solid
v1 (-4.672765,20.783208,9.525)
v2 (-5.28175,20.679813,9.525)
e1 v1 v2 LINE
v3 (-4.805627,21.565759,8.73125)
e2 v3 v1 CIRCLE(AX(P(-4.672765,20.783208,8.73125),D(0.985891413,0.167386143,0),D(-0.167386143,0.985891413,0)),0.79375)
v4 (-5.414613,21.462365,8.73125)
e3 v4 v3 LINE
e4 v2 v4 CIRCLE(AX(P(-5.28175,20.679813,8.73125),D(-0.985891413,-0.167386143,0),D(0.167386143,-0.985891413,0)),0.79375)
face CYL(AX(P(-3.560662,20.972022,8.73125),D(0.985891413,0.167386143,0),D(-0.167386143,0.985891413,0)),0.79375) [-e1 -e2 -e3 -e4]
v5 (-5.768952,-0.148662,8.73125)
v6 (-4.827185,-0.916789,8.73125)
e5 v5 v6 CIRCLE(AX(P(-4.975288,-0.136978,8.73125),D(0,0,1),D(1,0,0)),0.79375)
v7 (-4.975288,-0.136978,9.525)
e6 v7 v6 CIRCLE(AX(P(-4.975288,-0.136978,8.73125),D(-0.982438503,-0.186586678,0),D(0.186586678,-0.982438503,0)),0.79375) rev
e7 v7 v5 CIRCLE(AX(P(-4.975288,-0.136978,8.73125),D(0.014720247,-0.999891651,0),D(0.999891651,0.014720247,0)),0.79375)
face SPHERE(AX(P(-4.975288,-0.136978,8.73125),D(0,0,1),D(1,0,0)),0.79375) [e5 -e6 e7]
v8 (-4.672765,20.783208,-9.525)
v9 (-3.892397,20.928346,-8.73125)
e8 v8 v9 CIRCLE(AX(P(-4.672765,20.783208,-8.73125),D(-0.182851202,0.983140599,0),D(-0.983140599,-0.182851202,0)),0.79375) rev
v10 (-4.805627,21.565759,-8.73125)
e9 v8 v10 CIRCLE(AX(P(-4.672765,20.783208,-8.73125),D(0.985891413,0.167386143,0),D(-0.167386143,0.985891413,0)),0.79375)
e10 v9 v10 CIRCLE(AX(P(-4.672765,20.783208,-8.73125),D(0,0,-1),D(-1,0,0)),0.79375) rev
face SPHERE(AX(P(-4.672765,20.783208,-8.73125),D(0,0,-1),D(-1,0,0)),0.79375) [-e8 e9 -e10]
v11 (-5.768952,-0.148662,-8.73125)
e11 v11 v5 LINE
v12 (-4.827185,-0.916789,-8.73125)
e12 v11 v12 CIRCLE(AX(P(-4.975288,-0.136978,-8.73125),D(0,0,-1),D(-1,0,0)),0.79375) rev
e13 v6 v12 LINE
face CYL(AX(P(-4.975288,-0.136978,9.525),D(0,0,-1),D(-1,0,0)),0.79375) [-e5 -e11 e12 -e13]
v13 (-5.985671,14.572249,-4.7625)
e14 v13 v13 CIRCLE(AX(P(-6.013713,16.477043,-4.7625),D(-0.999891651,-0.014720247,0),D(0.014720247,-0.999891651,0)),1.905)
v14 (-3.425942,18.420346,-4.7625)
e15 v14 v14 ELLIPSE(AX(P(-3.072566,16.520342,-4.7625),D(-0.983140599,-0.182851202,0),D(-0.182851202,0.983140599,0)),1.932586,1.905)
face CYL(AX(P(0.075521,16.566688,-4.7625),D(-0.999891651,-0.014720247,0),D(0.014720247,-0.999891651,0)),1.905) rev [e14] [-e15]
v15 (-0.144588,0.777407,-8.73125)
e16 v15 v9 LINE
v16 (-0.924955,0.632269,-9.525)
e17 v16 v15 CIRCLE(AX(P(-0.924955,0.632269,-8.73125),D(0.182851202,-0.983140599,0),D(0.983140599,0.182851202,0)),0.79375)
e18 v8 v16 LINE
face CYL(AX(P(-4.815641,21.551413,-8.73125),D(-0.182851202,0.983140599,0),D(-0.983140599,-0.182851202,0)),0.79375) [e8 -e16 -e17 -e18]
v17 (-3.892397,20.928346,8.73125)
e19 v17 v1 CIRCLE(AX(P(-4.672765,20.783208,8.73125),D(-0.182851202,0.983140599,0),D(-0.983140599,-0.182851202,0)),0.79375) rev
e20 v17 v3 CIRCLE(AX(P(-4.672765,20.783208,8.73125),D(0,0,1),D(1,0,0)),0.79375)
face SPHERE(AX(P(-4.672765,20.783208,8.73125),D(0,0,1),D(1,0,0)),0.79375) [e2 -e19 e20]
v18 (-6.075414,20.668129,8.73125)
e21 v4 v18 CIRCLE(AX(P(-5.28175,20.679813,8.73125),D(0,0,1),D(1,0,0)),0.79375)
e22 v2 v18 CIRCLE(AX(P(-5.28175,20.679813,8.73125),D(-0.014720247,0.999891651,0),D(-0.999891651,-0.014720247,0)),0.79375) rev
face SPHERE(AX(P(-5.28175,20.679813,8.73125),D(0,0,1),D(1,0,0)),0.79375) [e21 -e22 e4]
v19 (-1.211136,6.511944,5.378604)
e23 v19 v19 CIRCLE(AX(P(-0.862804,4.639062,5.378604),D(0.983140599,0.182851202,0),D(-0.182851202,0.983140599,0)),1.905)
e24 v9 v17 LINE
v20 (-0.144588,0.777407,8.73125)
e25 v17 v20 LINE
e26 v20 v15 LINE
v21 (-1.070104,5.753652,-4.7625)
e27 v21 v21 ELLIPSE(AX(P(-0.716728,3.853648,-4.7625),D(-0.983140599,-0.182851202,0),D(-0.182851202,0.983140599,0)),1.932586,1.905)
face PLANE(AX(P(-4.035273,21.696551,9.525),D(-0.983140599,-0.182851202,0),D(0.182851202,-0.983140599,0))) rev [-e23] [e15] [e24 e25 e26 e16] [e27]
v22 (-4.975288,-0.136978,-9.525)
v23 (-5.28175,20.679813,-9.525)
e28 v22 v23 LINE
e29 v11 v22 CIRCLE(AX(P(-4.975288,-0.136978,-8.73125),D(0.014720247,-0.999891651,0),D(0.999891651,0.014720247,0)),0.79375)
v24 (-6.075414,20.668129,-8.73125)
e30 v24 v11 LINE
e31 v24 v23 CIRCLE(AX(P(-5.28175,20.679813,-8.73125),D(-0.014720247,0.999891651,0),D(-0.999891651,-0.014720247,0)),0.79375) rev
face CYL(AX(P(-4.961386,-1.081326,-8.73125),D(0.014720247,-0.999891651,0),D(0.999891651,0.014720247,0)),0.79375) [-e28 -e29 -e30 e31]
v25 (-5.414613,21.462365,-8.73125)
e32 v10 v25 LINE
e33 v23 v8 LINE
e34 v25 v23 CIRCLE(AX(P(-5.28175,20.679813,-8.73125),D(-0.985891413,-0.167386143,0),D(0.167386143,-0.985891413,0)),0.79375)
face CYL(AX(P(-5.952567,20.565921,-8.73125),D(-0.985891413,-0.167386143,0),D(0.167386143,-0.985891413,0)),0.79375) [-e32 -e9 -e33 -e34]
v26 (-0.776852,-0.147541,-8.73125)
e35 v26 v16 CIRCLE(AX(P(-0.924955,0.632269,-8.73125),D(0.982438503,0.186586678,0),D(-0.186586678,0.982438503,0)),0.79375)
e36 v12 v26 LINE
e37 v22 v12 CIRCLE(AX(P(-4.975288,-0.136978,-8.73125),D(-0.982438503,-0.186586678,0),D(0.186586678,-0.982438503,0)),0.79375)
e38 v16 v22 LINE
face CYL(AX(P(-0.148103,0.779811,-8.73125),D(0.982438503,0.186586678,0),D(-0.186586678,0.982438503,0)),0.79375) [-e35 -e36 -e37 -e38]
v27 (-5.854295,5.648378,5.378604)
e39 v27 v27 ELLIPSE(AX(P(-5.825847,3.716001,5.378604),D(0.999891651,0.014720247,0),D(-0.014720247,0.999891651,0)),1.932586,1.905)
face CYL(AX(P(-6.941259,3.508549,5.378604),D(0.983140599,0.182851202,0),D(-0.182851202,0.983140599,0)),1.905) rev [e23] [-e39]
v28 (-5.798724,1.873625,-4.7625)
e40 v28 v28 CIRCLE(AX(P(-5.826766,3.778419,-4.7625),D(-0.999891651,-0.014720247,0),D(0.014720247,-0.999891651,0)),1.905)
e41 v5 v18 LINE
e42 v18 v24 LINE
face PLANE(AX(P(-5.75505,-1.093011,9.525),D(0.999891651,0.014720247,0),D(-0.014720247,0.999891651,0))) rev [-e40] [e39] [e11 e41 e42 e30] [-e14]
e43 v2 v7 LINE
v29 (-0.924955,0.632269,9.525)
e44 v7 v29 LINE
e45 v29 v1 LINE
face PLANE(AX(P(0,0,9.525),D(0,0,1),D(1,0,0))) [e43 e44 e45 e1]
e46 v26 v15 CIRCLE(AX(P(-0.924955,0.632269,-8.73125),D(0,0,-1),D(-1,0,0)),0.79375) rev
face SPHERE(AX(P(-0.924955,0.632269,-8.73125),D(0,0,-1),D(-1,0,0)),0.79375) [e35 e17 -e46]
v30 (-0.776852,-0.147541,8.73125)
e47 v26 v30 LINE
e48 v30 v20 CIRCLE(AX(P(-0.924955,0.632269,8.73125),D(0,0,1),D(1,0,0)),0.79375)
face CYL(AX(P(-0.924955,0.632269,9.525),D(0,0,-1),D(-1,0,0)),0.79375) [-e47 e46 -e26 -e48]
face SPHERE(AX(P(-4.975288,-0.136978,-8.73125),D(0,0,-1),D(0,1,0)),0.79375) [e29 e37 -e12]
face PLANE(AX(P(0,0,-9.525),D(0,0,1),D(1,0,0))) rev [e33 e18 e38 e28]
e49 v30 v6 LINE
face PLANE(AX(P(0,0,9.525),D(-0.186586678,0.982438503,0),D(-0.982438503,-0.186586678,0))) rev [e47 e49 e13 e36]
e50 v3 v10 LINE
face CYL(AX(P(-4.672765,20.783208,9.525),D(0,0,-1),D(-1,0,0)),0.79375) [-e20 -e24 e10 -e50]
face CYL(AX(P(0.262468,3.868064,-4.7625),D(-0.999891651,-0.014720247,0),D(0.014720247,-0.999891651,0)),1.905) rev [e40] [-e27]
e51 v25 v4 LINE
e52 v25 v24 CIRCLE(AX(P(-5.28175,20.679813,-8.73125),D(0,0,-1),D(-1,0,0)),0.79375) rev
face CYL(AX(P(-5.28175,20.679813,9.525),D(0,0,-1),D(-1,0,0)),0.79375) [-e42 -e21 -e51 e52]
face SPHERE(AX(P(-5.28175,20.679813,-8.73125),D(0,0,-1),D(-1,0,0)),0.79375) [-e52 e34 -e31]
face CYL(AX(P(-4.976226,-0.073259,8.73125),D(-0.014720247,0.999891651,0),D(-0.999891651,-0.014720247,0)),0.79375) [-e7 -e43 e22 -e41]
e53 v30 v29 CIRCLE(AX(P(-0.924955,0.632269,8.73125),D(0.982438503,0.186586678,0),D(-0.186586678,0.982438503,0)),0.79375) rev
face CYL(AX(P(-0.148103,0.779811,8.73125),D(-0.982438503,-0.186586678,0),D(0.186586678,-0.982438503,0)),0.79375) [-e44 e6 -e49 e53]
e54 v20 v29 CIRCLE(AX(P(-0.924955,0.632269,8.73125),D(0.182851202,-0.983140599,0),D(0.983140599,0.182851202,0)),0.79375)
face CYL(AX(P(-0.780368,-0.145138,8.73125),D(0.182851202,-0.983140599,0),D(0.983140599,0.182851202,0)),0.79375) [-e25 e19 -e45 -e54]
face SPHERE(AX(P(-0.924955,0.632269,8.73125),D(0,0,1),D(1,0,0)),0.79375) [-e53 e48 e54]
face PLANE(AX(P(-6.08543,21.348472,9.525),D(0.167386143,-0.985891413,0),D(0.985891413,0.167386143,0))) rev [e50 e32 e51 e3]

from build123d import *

# Parameters (mm, degrees)
BOSS_EXTRUDE1_DEPTH = 9.525
SKETCH6_R           = 1.905
CUT_EXTRUDE2_DEPTH  = 25.46325319
SKETCH7_R           = 1.905
CUT_EXTRUDE3_DEPTH  = 25.464227008
FILLET1_R           = 0.79375


with BuildPart() as part:
    # Sketch1 → Boss-Extrude1 (new, symmetric)
    with BuildSketch(Plane.XY):
        Polygon((-5.755049727, -1.093010514), (-6.085429683, 21.348472195), (-4.035272706, 21.696550963), (0, 0), align=None)
    extrude(amount=BOSS_EXTRUDE1_DEPTH, both=True)

    # Sketch6 → Cut-Extrude2 (cut, through all)
    with BuildSketch(Plane(origin=(-5.769890331, -0.084943412, 0), x_dir=(0, 0, 1), z_dir=(-0.9998916512998705, -0.014720246628988168, 0))):
        with Locations(Location((-4.7625, 3.863780902, 0), (0, 0, 270))):
            Circle(SKETCH6_R)
        with Locations(Location((-4.7625, 16.563780902, 0), (0, 0, 270))):
            Circle(SKETCH6_R)
    extrude(amount=-CUT_EXTRUDE2_DEPTH, mode=Mode.SUBTRACT)

    # Sketch7 → Cut-Extrude3 (cut, through all)
    with BuildSketch(Plane(origin=(0, 0, 0), x_dir=(0, 0, -1), z_dir=(0.9831405992384419, 0.18285120215376635, 0))):
        with Locations(Location((-5.378603812, 4.71861458, 0), (0, 0, 90))):
            Circle(SKETCH7_R)
    extrude(amount=-CUT_EXTRUDE3_DEPTH, mode=Mode.SUBTRACT)

    # Fillet1
    fillet1_edges = [part.edges().sort_by_distance(p)[0] for p in [
        (-5.060351194, 21.522511579, 9.525),
        (-5.920239705, 10.12773084, 9.525),
        (-2.877524863, -0.546505257, 9.525),
        (-5.920239705, 10.12773084, -9.525),
        (-5.060351194, 21.522511579, -9.525),
        (-2.017636353, 10.848275481, -9.525),
        (-2.877524863, -0.546505257, -9.525),
        (-5.755049727, -1.093010514, 0),
        (-6.085429683, 21.348472195, 0),
        (-4.035272706, 21.696550963, 0),
        (0, 0, 0),
        (-2.017636353, 10.848275481, 9.525),
    ]]
    fillet(fillet1_edges, radius=FILLET1_R)


solid = part.part
